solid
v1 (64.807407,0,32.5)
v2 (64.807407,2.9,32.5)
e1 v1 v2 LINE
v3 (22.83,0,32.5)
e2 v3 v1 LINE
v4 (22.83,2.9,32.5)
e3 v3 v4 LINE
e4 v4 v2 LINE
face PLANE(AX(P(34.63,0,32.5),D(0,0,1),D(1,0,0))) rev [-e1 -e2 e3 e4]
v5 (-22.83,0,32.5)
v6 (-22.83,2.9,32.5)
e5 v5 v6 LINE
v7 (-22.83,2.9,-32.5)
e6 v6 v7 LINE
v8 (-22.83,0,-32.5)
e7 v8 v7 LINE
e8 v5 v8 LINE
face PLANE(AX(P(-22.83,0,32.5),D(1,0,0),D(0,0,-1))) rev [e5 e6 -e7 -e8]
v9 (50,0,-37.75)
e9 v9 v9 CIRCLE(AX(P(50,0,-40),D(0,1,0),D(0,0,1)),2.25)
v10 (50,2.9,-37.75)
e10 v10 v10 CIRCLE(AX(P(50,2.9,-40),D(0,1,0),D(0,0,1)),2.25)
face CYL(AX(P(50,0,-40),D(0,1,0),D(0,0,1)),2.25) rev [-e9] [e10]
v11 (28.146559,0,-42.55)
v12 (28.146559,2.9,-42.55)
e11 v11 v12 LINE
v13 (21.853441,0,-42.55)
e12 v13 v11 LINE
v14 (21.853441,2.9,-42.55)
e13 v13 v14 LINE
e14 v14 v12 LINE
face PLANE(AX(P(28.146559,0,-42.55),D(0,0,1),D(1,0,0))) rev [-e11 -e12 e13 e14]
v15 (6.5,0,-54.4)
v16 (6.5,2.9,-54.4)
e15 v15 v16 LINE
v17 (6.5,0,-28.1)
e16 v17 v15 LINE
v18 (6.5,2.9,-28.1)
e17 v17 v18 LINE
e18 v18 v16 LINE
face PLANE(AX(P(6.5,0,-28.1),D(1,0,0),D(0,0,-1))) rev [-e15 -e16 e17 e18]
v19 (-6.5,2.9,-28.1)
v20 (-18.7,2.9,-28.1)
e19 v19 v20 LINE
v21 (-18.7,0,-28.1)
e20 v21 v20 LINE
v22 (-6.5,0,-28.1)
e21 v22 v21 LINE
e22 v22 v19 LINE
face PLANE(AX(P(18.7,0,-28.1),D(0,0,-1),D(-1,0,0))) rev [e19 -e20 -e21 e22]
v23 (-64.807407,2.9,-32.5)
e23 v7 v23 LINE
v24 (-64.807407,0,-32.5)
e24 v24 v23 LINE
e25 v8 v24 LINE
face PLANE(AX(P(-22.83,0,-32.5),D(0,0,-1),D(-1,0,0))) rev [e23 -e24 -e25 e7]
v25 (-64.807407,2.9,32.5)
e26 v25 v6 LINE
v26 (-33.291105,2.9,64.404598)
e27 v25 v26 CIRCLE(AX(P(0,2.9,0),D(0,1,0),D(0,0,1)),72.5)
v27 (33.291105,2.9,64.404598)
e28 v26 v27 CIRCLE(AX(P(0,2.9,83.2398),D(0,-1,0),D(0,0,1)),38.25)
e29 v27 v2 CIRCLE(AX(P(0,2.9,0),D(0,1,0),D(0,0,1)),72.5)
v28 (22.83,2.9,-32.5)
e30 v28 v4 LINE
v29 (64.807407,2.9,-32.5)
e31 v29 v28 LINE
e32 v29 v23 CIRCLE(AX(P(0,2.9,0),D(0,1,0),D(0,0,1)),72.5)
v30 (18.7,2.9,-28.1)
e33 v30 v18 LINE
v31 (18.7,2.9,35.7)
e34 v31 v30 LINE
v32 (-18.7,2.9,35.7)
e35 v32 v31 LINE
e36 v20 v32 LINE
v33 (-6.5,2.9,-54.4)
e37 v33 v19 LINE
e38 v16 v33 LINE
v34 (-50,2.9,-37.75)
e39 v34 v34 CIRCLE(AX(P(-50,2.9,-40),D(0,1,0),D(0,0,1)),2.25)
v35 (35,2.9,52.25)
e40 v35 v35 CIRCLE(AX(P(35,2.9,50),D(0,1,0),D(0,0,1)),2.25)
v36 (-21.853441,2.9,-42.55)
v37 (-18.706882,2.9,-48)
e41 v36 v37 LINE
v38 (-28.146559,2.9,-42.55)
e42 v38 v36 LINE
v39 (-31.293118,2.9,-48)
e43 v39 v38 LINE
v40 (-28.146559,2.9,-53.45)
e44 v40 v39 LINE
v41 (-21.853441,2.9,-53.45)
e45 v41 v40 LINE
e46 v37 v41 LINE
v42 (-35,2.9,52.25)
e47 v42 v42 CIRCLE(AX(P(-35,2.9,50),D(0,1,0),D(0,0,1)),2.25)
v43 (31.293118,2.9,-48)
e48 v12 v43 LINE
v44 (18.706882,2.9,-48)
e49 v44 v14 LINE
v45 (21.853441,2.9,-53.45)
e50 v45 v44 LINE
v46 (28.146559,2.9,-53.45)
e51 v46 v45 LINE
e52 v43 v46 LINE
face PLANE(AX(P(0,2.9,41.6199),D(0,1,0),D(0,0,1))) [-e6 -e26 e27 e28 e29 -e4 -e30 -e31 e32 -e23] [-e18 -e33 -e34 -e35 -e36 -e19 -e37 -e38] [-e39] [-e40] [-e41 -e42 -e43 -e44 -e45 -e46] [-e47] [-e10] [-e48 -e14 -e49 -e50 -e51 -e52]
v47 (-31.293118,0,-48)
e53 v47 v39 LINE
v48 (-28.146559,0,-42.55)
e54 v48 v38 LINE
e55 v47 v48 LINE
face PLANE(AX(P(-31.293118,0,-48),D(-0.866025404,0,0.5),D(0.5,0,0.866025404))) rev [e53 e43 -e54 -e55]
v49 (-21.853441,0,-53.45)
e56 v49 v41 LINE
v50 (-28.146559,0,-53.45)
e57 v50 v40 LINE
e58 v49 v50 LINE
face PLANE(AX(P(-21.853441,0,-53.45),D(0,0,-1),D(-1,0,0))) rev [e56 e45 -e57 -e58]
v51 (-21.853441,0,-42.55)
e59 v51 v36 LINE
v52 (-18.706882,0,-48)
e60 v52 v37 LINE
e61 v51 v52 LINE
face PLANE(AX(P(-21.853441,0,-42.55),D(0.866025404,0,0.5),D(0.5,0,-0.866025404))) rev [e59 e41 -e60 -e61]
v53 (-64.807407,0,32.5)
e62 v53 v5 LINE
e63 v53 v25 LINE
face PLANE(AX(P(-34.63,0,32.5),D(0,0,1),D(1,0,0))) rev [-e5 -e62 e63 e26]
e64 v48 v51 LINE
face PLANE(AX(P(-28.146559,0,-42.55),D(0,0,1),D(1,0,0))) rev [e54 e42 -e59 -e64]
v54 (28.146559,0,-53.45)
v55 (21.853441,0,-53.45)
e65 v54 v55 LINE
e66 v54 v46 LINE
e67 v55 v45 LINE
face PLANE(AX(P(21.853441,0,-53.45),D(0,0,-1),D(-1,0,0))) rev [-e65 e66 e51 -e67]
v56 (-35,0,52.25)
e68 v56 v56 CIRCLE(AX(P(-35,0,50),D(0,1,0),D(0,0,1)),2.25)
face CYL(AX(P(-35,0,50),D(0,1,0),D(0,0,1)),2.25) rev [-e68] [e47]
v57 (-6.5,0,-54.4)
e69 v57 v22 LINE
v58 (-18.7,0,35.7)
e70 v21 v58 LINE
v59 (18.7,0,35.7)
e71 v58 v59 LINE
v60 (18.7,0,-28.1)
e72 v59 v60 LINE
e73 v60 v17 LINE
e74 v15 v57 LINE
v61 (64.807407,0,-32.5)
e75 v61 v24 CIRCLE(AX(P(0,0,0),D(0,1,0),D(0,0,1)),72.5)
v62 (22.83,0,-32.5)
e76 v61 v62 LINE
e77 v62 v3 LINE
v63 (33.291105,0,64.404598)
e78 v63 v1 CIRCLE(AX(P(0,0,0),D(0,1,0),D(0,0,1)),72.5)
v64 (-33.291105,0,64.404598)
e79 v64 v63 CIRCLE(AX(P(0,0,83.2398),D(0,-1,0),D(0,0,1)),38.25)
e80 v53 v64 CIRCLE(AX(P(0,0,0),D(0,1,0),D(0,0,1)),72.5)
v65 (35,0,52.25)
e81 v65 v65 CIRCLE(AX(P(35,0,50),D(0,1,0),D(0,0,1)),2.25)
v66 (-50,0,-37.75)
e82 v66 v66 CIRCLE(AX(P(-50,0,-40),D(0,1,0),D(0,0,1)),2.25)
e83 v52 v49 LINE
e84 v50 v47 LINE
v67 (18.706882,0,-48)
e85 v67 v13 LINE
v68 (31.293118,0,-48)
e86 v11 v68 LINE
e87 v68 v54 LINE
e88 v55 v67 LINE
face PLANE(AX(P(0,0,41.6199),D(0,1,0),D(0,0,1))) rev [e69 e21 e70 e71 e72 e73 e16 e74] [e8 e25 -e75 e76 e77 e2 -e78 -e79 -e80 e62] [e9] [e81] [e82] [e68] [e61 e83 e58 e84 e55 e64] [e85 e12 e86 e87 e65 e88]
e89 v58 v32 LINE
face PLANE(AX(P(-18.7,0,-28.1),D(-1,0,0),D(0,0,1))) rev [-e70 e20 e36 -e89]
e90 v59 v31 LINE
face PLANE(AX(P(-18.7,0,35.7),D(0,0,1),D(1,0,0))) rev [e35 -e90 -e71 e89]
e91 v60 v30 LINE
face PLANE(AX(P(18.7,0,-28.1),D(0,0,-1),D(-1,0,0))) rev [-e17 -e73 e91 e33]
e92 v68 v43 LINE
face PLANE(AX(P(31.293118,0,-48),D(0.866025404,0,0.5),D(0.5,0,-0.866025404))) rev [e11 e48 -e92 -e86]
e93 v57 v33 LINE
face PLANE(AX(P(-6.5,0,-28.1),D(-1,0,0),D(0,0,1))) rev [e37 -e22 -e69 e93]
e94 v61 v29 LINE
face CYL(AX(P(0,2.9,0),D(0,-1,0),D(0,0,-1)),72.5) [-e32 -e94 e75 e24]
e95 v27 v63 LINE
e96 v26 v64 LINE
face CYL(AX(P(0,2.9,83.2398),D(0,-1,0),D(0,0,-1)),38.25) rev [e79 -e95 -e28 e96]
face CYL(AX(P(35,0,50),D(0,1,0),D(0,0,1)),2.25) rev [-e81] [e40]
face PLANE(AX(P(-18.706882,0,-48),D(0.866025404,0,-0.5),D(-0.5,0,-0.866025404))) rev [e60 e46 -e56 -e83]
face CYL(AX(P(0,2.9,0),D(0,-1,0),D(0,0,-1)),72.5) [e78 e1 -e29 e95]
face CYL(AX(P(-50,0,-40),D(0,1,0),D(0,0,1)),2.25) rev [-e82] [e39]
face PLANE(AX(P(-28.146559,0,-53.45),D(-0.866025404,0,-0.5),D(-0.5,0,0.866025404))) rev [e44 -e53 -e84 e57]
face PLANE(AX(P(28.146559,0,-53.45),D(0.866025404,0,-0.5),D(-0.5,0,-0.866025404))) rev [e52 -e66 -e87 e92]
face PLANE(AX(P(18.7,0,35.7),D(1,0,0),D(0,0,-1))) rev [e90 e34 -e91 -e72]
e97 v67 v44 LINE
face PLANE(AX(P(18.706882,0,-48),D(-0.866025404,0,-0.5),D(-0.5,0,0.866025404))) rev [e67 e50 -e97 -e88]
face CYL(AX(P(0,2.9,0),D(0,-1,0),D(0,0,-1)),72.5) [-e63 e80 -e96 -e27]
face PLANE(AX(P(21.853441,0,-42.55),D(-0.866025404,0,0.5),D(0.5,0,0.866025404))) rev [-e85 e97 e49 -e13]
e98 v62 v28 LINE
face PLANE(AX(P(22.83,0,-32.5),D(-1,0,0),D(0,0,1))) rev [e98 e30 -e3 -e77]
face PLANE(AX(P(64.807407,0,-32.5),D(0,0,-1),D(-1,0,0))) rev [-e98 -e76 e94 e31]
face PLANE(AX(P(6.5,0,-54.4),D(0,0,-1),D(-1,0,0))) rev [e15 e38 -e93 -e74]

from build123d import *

# Parameters (mm, degrees)
BOSS_EXTRUDE1_DEPTH  = 2.9
SOLENOID_PLACEMENT_W = 37.4
SOLENOID_PLACEMENT_H = 63.8
CUT_EXTRUDE1_DEPTH   = 103.571487266
CUT_EXTRUDE3_DEPTH   = 103.571487266
SKETCH4_W            = 13
SKETCH4_H            = 26.3
CUT_EXTRUDE4_DEPTH   = 98.286484159
CUT_EXTRUDE5_DEPTH   = 98.286484159
SKETCH6_R            = 2.25
CUT_EXTRUDE6_DEPTH   = 98.286484159


with BuildPart() as part:
    # Sketch1 → Boss-Extrude1 (new body)
    with BuildSketch(Plane(origin=(0, 0, 0), x_dir=(1, 0, 0), z_dir=(0, 1, 0))):
        with BuildLine():
            ThreePointArc((33.29110537, -64.404598464), (0, 72.5), (-33.29110537, -64.404598464))
            ThreePointArc((-33.29110537, -64.404598464), (0, -44.989799638), (33.29110537, -64.404598464))
        make_face()
    extrude(amount=BOSS_EXTRUDE1_DEPTH)

    # solenoid placement → Cut-Extrude1 (cut, through all)
    with BuildSketch(Plane(origin=(0, 2.9, 0), x_dir=(1, 0, 0), z_dir=(0, 1, 0))):
        with Locations((0, -3.8)):
            Rectangle(SOLENOID_PLACEMENT_W, SOLENOID_PLACEMENT_H)
    extrude(amount=-CUT_EXTRUDE1_DEPTH, mode=Mode.SUBTRACT)

    # Sketch3 → Cut-Extrude3 (cut, through all)
    with BuildSketch(Plane(origin=(0, 2.9, 0), x_dir=(1, 0, 0), z_dir=(0, 1, 0))):
        with BuildLine():
            Line((-34.63, -32.5), (-22.83, -32.5))
            Line((-22.83, -32.5), (-22.83, 32.5))
            Line((-22.83, 32.5), (-64.807406984, 32.5))
            ThreePointArc((-64.807406984, 32.5), (-72.5, 0), (-64.807406984, -32.5))
            Line((-64.807406984, -32.5), (-34.63, -32.5))
        make_face()
        with BuildLine():
            Line((34.63, -32.5), (64.807406984, -32.5))
            ThreePointArc((64.807406984, -32.5), (72.5, 0), (64.807406984, 32.5))
            Line((64.807406984, 32.5), (22.83, 32.5))
            Line((22.83, 32.5), (22.83, -32.5))
            Line((22.83, -32.5), (34.63, -32.5))
        make_face()
    extrude(amount=-CUT_EXTRUDE3_DEPTH, mode=Mode.SUBTRACT)

    # Sketch4 → Cut-Extrude4 (cut, through all)
    with BuildSketch(Plane(origin=(0, 2.9, 0), x_dir=(1, 0, 0), z_dir=(0, 1, 0))):
        with Locations((0, 41.25)):
            Rectangle(SKETCH4_W, SKETCH4_H)
    extrude(amount=-CUT_EXTRUDE4_DEPTH, mode=Mode.SUBTRACT)

    # Sketch5 → Cut-Extrude5 (cut, through all)
    with BuildSketch(Plane(origin=(0, 2.9, 0), x_dir=(1, 0, 0), z_dir=(0, 1, 0))):
        Polygon((-18.706882066, 48), (-21.853441033, 53.45), (-28.146558967, 53.45), (-31.293117934, 48), (-28.146558967, 42.55), (-21.853441033, 42.55), align=None)
        Polygon((21.853441033, 42.55), (18.706882066, 48), (21.853441033, 53.45), (28.146558967, 53.45), (31.293117934, 48), (28.146558967, 42.55), align=None)
    extrude(amount=-CUT_EXTRUDE5_DEPTH, mode=Mode.SUBTRACT)

    # Sketch6 → Cut-Extrude6 (cut, through all)
    with BuildSketch(Plane(origin=(0, 2.9, 0), x_dir=(1, 0, 0), z_dir=(0, 1, 0))):
        with Locations(Location((35, -50, 0), (0, 0, 270))):
            Circle(SKETCH6_R)
        with Locations(Location((-35, -50, 0), (0, 0, 270))):
            Circle(SKETCH6_R)
        with Locations(Location((-50, 40, 0), (0, 0, 270))):
            Circle(SKETCH6_R)
        with Locations(Location((50, 40, 0), (0, 0, 270))):
            Circle(SKETCH6_R)
    extrude(amount=-CUT_EXTRUDE6_DEPTH, mode=Mode.SUBTRACT)


solid = part.part
